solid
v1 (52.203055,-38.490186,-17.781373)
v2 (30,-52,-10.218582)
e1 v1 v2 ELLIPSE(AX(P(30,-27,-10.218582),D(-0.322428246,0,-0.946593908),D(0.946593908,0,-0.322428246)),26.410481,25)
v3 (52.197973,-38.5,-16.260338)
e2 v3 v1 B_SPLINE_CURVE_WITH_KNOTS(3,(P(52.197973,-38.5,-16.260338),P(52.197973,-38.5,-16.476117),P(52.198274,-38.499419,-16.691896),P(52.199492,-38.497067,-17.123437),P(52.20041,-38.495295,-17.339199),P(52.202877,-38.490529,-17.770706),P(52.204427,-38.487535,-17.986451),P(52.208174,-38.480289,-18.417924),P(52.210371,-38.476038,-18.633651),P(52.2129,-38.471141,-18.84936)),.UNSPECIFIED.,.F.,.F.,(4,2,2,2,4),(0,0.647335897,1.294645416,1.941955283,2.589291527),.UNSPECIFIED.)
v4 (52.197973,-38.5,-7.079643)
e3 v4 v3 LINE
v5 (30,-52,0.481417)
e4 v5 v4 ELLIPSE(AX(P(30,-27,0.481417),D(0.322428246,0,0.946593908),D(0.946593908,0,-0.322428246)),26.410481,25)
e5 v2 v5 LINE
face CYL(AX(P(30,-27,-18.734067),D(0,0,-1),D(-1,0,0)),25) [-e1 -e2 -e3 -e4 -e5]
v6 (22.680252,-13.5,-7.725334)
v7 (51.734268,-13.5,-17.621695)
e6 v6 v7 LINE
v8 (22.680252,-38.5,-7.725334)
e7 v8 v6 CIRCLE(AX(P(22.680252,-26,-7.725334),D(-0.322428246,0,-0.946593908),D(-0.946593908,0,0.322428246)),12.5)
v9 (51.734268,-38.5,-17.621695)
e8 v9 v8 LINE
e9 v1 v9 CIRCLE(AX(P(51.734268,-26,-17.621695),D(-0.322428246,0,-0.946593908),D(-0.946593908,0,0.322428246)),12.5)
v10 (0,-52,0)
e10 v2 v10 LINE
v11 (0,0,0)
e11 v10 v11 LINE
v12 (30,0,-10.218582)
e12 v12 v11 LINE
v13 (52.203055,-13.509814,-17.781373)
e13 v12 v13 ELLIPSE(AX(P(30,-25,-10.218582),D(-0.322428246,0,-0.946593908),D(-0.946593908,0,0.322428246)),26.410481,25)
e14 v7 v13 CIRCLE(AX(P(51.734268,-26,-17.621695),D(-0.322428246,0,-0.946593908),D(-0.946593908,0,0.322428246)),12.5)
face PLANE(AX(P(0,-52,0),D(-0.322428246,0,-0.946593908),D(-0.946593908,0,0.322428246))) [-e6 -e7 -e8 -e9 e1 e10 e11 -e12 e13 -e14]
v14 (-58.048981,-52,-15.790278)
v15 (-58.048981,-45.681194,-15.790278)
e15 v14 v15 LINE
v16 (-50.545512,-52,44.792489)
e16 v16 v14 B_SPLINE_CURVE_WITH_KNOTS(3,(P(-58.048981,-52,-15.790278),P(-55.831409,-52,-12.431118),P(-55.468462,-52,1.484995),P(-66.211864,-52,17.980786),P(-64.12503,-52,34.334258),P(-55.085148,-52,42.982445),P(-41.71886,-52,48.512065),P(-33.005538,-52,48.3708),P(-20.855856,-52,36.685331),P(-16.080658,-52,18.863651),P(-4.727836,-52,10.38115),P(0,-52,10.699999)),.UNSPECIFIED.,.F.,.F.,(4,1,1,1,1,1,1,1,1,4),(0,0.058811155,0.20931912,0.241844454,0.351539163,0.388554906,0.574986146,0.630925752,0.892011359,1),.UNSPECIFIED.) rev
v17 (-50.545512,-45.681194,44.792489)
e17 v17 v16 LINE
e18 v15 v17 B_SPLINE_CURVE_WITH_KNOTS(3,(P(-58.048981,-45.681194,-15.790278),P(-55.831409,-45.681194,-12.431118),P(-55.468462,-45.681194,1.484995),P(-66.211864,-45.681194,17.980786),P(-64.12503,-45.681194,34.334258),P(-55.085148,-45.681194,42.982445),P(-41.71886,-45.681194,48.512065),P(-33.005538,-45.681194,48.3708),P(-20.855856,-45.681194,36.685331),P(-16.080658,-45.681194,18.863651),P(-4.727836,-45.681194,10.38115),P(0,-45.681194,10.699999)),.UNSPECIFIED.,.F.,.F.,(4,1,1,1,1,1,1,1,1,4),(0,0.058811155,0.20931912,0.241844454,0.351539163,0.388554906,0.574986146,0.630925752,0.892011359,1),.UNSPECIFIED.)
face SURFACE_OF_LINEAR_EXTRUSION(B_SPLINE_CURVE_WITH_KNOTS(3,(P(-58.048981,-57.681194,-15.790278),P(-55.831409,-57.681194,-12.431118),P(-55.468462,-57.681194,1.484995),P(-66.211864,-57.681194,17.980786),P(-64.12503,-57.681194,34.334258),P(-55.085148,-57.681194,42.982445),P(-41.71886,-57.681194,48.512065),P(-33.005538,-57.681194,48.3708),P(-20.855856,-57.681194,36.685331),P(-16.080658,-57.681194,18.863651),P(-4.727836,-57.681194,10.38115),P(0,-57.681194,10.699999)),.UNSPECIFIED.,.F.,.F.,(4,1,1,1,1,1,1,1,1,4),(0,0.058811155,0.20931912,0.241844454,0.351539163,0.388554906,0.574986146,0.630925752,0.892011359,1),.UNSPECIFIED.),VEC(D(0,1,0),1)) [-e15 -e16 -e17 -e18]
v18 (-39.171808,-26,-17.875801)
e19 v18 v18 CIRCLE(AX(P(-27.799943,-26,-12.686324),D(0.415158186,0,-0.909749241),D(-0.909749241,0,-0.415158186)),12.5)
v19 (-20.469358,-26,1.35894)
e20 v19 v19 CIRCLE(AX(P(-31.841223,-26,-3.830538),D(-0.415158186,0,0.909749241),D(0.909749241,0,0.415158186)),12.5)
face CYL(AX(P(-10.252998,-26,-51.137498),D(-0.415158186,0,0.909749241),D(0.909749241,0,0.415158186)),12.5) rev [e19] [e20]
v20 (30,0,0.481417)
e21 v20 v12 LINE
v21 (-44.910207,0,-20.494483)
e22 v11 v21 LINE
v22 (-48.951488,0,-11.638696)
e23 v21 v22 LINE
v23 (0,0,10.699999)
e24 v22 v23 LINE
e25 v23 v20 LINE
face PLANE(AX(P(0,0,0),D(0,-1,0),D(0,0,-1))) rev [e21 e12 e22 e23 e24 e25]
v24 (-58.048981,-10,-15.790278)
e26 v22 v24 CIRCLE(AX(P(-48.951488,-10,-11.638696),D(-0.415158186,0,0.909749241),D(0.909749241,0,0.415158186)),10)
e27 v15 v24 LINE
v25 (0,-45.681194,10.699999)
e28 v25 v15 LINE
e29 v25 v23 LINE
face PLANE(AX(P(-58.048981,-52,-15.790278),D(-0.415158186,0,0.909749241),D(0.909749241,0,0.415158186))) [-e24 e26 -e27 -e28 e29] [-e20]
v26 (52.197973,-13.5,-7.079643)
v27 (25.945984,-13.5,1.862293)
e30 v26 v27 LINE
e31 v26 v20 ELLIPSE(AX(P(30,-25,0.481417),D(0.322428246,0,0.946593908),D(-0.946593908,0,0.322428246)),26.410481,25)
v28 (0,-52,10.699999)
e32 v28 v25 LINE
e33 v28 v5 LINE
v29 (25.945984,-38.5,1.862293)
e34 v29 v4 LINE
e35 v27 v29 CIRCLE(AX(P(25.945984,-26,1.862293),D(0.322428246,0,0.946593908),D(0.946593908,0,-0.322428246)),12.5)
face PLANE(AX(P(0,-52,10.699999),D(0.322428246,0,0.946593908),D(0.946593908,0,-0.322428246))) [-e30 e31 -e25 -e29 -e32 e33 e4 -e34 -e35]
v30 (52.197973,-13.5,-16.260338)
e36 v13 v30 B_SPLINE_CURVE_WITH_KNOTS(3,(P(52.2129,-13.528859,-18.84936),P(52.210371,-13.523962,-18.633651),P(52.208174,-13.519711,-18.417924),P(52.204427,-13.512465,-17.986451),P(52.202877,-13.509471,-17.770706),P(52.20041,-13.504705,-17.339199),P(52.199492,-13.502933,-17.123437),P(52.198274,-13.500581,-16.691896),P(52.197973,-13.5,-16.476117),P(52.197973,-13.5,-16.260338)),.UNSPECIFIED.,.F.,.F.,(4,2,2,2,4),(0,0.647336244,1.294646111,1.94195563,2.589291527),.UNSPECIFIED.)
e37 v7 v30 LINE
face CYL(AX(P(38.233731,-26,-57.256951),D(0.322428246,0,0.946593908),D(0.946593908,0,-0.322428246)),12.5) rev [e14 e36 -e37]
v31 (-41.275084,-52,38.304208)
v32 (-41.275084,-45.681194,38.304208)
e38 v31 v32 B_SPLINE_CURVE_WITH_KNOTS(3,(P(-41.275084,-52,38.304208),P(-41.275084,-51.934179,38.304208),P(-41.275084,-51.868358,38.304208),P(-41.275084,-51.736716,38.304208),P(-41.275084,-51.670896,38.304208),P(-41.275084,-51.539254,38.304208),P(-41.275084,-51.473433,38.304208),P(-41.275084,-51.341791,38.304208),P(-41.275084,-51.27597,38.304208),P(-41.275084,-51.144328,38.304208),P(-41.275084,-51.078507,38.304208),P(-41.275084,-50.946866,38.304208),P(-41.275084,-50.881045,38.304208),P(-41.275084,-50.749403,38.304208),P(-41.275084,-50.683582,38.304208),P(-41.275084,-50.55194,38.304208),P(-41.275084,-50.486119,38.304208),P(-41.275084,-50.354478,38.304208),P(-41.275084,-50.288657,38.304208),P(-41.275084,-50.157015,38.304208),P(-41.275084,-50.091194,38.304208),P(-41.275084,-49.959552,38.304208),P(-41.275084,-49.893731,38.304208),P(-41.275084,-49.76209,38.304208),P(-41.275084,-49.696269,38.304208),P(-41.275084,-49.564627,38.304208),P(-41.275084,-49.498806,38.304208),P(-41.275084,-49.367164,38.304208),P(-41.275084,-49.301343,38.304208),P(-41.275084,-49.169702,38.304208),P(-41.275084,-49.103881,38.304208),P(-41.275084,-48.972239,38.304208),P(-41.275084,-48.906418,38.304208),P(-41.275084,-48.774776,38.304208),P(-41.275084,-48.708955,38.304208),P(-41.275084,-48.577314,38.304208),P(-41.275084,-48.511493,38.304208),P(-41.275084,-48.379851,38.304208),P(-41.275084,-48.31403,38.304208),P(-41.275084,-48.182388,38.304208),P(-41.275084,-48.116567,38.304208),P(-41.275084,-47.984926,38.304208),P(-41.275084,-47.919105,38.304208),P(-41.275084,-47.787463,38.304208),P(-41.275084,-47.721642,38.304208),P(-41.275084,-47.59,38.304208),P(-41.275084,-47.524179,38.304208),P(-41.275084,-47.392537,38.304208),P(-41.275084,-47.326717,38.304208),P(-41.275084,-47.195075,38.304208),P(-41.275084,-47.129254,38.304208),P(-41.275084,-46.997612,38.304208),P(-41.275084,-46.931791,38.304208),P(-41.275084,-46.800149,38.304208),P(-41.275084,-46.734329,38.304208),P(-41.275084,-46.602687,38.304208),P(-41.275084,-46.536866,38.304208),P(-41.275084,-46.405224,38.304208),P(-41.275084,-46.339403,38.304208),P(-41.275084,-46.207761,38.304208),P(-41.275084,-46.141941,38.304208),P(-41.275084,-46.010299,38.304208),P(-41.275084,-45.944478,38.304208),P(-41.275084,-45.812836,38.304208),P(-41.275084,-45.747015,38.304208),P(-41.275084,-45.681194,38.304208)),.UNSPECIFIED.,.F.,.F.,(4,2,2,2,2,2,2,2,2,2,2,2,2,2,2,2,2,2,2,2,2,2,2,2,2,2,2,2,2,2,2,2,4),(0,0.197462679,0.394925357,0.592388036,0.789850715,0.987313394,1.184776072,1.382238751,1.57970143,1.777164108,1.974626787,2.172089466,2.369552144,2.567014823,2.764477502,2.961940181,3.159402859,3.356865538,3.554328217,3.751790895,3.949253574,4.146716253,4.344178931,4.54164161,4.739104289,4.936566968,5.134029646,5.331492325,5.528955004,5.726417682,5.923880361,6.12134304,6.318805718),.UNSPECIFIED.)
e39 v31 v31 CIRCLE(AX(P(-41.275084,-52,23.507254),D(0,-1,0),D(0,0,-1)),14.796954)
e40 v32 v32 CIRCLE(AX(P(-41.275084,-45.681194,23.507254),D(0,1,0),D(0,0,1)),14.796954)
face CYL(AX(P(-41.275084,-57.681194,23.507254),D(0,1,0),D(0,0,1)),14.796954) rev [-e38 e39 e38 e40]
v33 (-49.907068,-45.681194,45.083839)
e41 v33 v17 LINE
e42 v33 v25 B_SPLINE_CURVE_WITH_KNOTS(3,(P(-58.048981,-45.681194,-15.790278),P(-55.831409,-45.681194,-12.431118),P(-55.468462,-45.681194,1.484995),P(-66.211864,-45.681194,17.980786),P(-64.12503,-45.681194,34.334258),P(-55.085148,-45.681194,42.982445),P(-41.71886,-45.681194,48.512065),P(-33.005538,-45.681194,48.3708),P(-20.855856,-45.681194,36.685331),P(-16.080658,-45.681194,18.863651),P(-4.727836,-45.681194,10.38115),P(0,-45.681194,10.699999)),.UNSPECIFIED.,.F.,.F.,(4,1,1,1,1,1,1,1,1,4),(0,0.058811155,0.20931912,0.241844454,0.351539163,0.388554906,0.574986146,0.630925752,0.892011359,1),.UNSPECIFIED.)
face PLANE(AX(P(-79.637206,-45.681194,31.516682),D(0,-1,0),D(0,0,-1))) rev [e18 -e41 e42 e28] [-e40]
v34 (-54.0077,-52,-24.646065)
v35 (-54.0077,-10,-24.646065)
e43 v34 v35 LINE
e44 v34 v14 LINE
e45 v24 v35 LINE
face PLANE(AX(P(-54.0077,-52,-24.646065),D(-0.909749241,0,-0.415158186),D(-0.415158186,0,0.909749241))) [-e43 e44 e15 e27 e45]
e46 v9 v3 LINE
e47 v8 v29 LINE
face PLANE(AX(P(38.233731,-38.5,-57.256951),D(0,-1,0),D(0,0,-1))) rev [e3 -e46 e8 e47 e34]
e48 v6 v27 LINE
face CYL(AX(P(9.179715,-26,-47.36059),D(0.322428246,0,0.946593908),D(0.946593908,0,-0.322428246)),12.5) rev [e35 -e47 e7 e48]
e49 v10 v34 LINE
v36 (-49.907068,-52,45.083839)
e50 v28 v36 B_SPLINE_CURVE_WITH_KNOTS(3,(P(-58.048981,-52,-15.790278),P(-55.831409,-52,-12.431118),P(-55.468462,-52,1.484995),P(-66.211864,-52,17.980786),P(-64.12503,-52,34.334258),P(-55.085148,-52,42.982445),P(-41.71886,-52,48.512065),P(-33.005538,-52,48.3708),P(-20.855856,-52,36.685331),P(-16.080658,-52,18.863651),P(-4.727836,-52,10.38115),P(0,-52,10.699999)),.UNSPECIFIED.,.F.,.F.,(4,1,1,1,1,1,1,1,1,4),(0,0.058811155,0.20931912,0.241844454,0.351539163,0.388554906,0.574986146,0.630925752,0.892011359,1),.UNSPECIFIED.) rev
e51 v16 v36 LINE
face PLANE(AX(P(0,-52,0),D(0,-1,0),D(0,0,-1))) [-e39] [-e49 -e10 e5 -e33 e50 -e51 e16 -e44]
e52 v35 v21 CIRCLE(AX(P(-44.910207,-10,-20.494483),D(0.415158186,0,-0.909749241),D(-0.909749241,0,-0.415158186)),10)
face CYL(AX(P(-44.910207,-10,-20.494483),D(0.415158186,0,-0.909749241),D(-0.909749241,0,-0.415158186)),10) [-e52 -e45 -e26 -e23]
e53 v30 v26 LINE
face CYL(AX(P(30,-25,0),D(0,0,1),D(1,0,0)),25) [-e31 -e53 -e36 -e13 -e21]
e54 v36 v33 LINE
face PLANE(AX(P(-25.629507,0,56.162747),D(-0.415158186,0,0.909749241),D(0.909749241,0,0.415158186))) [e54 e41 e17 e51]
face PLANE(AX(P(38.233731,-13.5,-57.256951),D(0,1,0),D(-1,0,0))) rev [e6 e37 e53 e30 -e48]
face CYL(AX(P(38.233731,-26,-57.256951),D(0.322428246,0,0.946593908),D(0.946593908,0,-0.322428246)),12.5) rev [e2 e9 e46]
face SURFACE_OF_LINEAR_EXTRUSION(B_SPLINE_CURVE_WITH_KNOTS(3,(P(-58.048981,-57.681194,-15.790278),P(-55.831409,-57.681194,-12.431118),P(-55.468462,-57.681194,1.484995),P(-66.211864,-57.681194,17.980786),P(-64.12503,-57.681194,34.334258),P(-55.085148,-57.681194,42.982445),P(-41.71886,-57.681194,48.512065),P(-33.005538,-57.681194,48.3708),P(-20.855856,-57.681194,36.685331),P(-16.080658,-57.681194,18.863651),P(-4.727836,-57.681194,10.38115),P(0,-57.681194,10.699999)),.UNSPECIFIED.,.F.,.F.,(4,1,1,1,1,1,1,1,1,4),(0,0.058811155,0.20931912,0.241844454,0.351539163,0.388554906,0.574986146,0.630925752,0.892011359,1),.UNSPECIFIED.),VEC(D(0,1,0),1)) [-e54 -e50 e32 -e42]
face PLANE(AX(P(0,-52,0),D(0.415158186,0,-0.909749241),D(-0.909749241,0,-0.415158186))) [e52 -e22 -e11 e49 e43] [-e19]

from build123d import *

# Parameters (mm, degrees)
BOSS_EXTRUDE1_DEPTH = 52
FILLET1_R           = 25
CUT_EXTRUDE1_DEPTH  = 52
FILLET2_R           = 10
SKETCH3_R           = 12.5
CUT_EXTRUDE2_DEPTH  = 52
SKETCH5_W           = 63.955413662
SKETCH5_H           = 6.318805718
BOSS_EXTRUDE2_DEPTH = 52
SKETCH6_R           = 14.796953782
CUT_EXTRUDE5_DEPTH  = 12


with BuildPart() as part:
    # Sketch1 → Boss-Extrude1 (new body)
    with BuildSketch(Plane(origin=(0, 0, 0), x_dir=(1, 0, 0), z_dir=(0, 1, 0))):
        Polygon((0, 0), (-54.007699651, 24.646064638), (-58.048980527, 15.790278249), (0, -10.699998794), (55, 8.034068022), (55, 18.734066816), align=None)
    extrude(amount=-BOSS_EXTRUDE1_DEPTH)

    # Fillet1
    fillet1_edges = [part.edges().sort_by_distance(p)[0] for p in [
        (55, -52, -13.384067419),
        (55, 0, -13.384067419),
    ]]
    fillet(fillet1_edges, radius=FILLET1_R)

    # Sketch2 → Cut-Extrude1 (cut)
    with BuildSketch(Plane(origin=(3.265731793, 0, 9.587627201), x_dir=(0.9465939078280105, 0, -0.32242824575848833), z_dir=(0.32242824575848833, 0, 0.9465939078280106))):
        with BuildLine():
            Line((54.653075389, -38.5), (23.959854488, -38.5))
            ThreePointArc((23.959854488, -38.5), (11.459854488, -26), (23.959854488, -13.5))
            Line((23.959854488, -13.5), (54.653075389, -13.5))
            ThreePointArc((54.653075389, -13.5), (67.153075389, -26), (54.653075389, -38.5))
        make_face()
    extrude(amount=-CUT_EXTRUDE1_DEPTH, mode=Mode.SUBTRACT)

    # Fillet2
    fillet2_edges = [part.edges().sort_by_distance(p)[0] for p in [
        (-56.028340089, 0, -20.218171443),
    ]]
    fillet(fillet2_edges, radius=FILLET2_R)

    # Sketch3 → Cut-Extrude2 (cut)
    with BuildSketch(Plane(origin=(-4.041280876, 0, 8.855786388), x_dir=(0.9097492407271736, 0, 0.4151581855104526), z_dir=(-0.4151581855104526, 0, 0.9097492407271736))):
        with Locations((-30.557807916, -26)):
            Circle(SKETCH3_R)
    extrude(amount=-CUT_EXTRUDE2_DEPTH, mode=Mode.SUBTRACT)

    # Sketch5 → Boss-Extrude2 (add)
    with BuildSketch(Plane(origin=(-4.041280876, 0, 8.855786388), x_dir=(0.9097492407271736, 0, 0.4151581855104526), z_dir=(-0.4151581855104526, 0, 0.9097492407271736))):
        with Locations((-27.387772395, -48.840597141)):
            Rectangle(SKETCH5_W, SKETCH5_H)
    extrude(amount=BOSS_EXTRUDE2_DEPTH)

    # Sketch6 → Cut-Extrude5 (cut)
    with BuildSketch(Plane(origin=(0, -45.681194282, 0), x_dir=(1, 0, 0), z_dir=(0, 1, 0))):
        with Locations(Location((-41.275083904, -23.507254491, 0), (0, 0, 270))):
            Circle(SKETCH6_R)
        with BuildLine():
            add(Edge.make_bspline(
                [(-58.048980527, 15.790278249), (-55.831409205, 12.43111817), (-55.468462462, -1.484994571), (-66.211863789, -17.980786489), (-64.125030252, -34.334258251), (-56.260496604, -41.858023354), (-51.107014647, -44.526823974), (-50.545511664, -44.792489014)],
                knots=[0, 0, 0, 0, 0.058811155, 0.20931912, 0.241844454, 0.351539163, 0.365251001, 0.365251001, 0.365251001, 0.365251001], degree=3))
            Line((-58.048980527, 15.790278249), (-79.637206174, -31.516682269))
            Line((-79.637206174, -31.516682269), (-50.545511664, -44.792489014))
        make_face()
        with BuildLine():
            add(Edge.make_bspline(
                [(-49.907067766, -45.08383876), (-49.177932221, -45.404712271), (-41.127943342, -48.502484641), (-33.005537612, -48.370799962), (-20.855856008, -36.685330942), (-16.080658073, -18.863651279), (-4.727836106, -10.381149917), (0, -10.699998794)],
                knots=[0.370486493, 0.370486493, 0.370486493, 0.370486493, 0.388554906, 0.574986146, 0.630925752, 0.892011359, 1, 1, 1, 1], degree=3))
            Line((-49.907067766, -45.08383876), (-21.453817154, -58.068295759))
            Line((-21.453817154, -58.068295759), (0.134408493, -10.761335241))
            Line((0.134408493, -10.761335241), (0, -10.699998794))
        make_face()
    extrude(amount=-CUT_EXTRUDE5_DEPTH, mode=Mode.SUBTRACT)


solid = part.part
